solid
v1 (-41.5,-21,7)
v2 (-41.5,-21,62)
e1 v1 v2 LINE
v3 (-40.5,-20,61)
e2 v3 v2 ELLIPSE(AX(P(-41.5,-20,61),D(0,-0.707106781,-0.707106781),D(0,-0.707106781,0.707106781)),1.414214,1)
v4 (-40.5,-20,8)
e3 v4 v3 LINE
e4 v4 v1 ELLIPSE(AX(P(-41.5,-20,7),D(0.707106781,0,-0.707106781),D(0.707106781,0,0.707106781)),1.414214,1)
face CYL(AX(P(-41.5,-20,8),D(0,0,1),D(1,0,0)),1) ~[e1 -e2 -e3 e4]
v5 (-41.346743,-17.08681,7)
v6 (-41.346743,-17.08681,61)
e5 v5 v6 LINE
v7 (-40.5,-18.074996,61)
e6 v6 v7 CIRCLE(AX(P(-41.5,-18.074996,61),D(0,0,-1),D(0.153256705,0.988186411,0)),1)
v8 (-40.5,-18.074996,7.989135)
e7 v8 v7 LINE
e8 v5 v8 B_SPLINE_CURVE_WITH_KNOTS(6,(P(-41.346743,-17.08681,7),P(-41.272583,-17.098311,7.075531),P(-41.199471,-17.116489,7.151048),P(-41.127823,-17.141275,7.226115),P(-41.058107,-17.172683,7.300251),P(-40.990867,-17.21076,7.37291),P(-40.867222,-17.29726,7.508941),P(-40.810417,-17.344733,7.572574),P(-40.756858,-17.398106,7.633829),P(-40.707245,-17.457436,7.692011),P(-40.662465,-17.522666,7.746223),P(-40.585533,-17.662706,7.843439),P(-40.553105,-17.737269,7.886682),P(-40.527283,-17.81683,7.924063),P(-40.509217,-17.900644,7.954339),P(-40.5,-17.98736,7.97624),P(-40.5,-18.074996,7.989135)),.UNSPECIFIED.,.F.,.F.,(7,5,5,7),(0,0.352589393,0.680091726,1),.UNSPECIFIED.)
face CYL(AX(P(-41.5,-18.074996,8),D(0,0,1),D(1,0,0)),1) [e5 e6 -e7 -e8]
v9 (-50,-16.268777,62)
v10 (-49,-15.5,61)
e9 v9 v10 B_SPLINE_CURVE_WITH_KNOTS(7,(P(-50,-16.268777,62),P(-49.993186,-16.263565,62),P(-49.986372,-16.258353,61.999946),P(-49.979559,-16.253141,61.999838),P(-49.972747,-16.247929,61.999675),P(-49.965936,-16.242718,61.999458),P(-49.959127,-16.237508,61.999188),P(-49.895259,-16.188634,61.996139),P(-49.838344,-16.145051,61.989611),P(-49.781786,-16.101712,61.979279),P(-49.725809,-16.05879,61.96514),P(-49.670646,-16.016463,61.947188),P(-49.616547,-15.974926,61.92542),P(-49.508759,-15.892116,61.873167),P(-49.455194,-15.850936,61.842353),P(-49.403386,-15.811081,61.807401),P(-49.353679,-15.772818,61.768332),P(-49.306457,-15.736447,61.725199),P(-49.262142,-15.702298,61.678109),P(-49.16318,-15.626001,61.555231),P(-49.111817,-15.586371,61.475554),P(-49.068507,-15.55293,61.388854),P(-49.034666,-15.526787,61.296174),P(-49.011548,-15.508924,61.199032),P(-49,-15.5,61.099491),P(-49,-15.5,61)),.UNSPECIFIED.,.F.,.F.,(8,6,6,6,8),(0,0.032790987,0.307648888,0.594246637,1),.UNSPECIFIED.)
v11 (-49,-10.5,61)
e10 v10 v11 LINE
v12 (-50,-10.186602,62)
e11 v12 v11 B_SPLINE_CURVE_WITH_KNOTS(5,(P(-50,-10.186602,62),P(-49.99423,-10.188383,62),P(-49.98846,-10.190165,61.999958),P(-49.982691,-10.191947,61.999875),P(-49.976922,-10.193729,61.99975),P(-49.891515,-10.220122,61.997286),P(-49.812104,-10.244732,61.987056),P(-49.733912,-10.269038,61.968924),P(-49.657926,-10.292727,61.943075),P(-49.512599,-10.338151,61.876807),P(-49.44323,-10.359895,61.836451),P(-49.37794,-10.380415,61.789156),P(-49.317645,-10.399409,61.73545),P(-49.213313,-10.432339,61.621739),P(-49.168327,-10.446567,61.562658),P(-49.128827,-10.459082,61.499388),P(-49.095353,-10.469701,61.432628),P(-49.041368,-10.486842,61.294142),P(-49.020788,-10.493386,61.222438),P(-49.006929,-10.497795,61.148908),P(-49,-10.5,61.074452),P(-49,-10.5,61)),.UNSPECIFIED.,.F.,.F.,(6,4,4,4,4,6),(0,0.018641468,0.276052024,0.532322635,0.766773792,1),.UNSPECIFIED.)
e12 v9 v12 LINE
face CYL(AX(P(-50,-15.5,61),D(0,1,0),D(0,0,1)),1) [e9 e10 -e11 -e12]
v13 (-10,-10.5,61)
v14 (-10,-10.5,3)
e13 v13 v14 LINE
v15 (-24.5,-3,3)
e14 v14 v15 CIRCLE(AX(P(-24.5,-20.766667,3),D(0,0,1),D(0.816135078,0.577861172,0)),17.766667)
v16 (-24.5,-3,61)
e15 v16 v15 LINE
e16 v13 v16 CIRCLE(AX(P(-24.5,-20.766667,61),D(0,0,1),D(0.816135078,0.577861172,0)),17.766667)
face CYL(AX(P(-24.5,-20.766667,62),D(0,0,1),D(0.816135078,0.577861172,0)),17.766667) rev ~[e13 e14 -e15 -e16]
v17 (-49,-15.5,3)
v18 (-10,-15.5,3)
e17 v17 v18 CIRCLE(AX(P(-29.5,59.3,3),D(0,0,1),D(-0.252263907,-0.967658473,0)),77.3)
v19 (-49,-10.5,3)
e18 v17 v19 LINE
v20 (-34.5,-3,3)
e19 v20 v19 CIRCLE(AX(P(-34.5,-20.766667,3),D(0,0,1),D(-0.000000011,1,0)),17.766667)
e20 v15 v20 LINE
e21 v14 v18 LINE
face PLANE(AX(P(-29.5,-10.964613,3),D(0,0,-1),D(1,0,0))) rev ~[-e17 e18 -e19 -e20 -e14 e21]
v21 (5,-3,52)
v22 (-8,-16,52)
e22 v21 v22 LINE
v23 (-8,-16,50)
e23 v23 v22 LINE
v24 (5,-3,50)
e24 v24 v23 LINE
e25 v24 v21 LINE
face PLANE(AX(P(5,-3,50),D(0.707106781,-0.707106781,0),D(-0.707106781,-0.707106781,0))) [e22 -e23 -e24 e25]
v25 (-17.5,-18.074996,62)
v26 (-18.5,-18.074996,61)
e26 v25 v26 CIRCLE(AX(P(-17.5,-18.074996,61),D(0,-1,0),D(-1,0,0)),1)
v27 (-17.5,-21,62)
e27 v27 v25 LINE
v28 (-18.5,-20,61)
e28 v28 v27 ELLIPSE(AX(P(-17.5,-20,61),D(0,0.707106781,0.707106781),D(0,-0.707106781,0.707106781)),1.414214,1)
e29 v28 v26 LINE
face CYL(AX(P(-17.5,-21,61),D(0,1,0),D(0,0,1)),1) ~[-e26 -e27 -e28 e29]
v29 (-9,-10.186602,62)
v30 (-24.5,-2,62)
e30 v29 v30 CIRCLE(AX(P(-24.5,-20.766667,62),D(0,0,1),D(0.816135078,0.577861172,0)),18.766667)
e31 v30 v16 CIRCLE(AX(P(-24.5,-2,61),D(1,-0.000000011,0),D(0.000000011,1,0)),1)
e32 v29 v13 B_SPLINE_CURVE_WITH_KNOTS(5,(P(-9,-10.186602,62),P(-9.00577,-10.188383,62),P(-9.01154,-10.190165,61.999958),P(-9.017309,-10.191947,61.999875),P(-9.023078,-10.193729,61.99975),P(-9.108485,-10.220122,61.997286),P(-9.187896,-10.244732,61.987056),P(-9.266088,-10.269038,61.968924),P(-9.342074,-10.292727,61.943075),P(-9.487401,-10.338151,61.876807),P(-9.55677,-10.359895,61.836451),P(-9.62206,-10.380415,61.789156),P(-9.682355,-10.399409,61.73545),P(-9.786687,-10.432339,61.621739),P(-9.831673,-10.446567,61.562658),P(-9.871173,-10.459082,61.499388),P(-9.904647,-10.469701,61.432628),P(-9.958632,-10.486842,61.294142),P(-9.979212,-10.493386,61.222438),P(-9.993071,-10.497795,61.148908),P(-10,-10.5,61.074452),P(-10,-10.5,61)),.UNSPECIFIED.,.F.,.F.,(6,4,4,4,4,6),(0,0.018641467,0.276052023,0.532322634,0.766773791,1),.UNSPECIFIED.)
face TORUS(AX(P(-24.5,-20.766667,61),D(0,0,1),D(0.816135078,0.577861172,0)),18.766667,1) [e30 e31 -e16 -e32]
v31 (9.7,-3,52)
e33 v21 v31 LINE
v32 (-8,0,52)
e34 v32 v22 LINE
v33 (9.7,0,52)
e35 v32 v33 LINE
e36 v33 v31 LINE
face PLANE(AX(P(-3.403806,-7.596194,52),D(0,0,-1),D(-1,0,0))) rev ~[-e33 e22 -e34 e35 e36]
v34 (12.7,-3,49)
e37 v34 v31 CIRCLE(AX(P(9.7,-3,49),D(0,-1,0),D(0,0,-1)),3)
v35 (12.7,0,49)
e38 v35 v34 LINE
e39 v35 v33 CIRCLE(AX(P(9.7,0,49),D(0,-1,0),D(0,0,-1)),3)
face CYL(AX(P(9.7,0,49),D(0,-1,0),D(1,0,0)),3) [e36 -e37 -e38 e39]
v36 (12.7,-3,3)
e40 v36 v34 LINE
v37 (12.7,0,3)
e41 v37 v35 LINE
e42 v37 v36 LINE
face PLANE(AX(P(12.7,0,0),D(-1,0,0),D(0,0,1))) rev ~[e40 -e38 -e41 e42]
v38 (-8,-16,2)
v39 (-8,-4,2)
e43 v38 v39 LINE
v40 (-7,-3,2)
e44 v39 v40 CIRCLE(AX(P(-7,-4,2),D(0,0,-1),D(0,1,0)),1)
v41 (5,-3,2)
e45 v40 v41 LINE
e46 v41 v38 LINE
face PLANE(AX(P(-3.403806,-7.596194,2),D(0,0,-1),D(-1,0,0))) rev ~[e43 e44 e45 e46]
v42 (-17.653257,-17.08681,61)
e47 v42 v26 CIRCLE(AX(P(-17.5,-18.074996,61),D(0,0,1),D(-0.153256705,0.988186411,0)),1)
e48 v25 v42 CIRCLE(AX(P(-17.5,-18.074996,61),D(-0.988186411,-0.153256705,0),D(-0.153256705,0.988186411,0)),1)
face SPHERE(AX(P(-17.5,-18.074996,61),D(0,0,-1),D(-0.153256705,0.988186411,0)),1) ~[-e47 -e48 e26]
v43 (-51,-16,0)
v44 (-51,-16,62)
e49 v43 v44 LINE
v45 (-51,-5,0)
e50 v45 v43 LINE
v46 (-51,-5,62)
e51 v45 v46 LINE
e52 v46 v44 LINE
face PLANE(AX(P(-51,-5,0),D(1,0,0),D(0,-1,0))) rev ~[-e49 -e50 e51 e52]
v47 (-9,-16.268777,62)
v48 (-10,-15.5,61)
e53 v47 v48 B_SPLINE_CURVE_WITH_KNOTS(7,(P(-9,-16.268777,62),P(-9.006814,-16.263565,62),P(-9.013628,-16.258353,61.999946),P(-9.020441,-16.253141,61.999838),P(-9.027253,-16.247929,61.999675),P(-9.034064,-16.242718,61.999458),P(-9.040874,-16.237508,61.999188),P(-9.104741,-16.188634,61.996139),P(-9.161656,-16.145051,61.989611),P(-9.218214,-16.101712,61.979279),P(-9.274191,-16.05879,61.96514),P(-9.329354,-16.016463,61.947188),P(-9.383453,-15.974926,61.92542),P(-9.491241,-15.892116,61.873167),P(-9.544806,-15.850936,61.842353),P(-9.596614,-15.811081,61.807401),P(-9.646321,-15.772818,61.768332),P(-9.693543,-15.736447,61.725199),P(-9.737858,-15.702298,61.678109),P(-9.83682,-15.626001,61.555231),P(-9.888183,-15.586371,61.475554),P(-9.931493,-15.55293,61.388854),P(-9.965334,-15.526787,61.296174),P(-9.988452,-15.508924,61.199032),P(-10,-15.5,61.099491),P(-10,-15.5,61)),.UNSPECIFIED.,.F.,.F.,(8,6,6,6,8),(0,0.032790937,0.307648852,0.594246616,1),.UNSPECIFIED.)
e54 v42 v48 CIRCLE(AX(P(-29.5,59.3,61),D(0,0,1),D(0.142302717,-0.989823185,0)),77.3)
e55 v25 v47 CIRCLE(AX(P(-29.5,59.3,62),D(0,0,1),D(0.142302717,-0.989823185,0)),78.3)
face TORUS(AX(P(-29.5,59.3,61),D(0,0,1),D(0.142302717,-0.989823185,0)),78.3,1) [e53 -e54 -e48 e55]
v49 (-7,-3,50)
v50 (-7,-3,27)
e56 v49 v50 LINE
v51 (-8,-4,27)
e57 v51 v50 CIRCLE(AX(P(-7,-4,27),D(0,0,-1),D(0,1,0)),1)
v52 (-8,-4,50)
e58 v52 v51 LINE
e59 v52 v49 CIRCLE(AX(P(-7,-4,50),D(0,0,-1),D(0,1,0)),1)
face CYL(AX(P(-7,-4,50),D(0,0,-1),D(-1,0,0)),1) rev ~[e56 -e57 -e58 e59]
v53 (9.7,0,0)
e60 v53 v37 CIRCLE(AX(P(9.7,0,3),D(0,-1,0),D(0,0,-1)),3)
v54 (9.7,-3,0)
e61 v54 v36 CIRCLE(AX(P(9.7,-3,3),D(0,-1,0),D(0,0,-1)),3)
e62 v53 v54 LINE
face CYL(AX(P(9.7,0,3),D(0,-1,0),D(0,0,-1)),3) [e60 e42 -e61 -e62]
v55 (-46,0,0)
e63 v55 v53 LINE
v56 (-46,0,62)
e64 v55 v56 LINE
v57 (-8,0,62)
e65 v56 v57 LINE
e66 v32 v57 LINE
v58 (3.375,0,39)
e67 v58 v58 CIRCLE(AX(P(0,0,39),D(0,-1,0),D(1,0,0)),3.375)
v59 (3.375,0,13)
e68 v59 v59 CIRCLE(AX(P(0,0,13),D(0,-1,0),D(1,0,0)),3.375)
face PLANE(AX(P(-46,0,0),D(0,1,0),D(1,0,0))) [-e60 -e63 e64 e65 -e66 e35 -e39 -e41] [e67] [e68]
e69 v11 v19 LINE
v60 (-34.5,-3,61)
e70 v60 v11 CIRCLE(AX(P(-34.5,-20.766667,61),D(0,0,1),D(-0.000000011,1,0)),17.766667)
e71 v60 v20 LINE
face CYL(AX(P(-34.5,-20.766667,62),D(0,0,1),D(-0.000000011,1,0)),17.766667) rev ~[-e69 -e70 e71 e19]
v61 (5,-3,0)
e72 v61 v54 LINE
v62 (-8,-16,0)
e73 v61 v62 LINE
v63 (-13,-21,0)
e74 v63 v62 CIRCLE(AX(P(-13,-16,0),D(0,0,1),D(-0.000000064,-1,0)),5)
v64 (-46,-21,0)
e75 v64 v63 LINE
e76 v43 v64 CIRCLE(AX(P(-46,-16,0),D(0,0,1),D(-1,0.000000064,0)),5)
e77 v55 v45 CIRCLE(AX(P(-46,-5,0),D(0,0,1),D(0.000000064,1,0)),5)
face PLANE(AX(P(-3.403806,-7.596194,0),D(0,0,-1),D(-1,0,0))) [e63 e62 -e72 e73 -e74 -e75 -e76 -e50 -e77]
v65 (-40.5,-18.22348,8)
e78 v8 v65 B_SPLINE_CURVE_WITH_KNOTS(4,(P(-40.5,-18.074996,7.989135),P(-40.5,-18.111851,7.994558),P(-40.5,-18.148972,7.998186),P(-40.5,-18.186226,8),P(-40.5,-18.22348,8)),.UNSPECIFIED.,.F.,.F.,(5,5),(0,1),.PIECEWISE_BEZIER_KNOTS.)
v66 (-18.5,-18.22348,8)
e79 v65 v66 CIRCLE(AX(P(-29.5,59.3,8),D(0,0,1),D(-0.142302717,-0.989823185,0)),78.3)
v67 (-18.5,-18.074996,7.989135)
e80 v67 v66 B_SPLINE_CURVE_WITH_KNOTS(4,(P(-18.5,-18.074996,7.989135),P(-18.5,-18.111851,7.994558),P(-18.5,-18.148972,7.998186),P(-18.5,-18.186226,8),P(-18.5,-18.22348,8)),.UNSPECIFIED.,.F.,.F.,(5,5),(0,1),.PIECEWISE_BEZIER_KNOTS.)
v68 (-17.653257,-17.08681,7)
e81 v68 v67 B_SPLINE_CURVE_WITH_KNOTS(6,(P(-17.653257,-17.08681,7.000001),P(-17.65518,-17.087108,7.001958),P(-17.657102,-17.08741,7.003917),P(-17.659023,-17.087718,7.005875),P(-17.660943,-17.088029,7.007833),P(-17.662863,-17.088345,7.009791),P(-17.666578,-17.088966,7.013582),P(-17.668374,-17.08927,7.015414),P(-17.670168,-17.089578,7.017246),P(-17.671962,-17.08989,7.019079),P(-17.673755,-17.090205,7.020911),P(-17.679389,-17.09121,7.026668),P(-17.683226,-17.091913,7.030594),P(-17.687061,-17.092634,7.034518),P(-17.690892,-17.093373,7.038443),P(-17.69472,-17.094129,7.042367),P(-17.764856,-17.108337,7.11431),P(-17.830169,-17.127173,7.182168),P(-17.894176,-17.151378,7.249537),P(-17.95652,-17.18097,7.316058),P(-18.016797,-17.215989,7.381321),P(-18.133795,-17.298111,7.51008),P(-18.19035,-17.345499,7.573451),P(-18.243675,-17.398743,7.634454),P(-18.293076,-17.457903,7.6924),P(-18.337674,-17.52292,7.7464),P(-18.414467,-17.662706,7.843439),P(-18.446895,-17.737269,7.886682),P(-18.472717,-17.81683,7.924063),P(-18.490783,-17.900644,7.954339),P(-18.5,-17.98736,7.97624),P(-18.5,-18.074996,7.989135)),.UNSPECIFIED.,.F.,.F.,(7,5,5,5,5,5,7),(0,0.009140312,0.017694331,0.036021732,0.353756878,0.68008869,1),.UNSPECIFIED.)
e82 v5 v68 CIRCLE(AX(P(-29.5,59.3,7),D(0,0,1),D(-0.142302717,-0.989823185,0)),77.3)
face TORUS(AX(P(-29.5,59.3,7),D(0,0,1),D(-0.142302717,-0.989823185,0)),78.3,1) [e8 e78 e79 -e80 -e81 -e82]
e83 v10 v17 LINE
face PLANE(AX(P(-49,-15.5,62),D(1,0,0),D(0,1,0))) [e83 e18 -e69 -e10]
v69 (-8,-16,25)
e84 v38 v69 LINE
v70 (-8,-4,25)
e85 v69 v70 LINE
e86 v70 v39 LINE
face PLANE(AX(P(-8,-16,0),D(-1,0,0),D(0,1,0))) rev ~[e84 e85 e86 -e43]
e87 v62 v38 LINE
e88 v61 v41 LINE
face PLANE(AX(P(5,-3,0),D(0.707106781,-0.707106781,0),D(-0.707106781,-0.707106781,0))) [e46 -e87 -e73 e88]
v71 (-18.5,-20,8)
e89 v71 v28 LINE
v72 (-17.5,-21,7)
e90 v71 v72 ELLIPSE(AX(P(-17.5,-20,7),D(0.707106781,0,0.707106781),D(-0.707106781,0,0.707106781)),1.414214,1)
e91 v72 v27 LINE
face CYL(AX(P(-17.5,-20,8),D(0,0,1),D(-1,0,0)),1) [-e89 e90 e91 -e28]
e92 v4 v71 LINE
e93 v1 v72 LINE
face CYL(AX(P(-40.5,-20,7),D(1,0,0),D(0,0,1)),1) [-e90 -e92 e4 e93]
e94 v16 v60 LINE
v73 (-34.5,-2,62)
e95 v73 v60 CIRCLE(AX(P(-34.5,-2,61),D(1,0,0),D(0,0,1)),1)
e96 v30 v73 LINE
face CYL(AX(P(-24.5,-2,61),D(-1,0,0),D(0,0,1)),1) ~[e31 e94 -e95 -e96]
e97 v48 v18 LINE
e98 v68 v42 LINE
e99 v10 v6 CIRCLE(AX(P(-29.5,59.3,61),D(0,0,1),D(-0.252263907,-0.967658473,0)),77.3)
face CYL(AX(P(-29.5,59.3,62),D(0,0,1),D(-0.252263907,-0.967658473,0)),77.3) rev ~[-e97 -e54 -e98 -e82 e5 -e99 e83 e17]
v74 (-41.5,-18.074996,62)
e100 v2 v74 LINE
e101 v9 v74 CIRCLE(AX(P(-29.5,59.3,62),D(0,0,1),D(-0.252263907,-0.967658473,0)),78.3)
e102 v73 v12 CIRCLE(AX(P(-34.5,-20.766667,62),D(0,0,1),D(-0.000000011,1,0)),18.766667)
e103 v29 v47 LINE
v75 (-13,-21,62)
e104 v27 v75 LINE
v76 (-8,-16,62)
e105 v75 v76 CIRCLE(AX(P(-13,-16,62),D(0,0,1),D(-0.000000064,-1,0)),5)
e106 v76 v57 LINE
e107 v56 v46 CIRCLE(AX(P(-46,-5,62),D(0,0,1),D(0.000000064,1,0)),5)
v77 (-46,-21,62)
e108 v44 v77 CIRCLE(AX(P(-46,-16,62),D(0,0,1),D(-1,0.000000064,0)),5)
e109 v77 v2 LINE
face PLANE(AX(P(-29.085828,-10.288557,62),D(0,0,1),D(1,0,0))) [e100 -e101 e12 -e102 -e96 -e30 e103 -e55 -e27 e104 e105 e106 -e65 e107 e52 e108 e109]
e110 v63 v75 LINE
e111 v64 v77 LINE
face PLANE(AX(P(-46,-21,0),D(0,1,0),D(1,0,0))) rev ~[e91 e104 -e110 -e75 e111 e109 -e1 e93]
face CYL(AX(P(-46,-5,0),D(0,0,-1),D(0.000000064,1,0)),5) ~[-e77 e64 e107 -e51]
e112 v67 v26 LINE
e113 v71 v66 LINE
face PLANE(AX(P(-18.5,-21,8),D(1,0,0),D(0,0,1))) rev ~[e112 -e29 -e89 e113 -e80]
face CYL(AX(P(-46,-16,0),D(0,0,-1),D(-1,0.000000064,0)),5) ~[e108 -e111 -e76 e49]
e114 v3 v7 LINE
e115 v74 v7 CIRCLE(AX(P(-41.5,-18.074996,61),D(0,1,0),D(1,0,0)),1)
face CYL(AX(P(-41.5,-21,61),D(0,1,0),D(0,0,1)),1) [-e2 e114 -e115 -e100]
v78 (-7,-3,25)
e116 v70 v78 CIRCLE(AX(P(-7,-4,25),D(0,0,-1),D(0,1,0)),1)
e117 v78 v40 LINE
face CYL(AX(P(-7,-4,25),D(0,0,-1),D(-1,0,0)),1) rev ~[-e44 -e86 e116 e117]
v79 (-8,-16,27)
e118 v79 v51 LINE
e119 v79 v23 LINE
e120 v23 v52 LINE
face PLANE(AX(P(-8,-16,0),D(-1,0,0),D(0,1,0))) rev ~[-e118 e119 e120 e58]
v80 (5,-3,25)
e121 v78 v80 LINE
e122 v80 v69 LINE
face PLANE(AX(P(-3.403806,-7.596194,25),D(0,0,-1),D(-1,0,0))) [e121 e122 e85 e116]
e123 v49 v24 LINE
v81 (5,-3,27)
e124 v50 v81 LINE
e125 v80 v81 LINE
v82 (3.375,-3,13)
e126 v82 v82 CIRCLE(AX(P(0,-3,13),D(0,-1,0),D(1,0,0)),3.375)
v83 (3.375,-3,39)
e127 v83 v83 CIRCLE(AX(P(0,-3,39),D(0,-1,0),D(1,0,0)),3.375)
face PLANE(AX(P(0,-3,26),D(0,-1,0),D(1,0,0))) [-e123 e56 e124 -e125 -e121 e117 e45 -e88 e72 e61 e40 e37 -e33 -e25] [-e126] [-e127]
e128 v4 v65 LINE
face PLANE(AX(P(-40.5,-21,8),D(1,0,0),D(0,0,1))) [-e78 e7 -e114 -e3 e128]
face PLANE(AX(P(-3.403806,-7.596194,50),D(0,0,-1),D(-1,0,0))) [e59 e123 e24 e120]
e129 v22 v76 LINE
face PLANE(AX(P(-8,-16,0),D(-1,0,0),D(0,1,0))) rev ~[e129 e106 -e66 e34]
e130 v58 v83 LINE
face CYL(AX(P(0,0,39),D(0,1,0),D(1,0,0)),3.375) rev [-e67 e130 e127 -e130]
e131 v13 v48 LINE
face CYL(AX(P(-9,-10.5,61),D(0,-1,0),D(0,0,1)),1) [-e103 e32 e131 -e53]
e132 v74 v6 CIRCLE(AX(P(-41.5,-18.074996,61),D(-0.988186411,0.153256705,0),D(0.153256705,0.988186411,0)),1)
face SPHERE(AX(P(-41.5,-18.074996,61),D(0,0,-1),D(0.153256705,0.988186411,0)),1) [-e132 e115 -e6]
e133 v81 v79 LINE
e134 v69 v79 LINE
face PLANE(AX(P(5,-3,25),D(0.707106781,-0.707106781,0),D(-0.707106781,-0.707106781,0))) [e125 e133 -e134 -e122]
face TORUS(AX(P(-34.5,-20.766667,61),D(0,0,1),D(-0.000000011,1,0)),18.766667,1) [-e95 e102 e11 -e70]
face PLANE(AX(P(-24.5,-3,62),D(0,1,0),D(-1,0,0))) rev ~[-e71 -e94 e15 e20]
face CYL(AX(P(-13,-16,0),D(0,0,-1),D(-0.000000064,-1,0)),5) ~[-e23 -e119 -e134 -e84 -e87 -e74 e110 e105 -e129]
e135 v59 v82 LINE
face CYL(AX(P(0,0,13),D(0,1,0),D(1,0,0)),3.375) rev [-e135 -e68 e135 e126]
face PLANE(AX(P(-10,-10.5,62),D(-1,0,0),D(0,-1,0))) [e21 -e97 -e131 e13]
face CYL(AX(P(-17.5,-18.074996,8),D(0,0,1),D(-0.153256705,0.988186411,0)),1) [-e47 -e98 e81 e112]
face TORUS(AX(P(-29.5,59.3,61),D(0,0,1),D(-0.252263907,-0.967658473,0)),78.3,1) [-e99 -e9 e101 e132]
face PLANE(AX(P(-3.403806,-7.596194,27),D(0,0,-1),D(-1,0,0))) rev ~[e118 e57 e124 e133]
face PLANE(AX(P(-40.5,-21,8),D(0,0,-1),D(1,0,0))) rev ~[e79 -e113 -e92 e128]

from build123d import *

# Parameters (mm, degrees)
SKETCH_W            = 25.4
SKETCH_H            = 52
SKETCH_R            = 3.375
PAD_DEPTH           = 3
PAD001_DEPTH        = 62
POCKET_DEPTH        = 59
SKETCH004_W         = 22
SKETCH004_H         = 54
POCKET001_DEPTH     = 5
FILLET_R            = 3
PAD002_DEPTH        = 2
LINEARPATTERN_COUNT = 3
LINEARPATTERN_PITCH = 25
FILLET001_R         = 1


with BuildPart() as part:
    # Sketch → Pad (new body)
    with BuildSketch(Plane.XZ):
        with Locations((0, 26)):
            Rectangle(SKETCH_W, SKETCH_H)
        with Locations((0, 39)):
            Circle(SKETCH_R, mode=Mode.SUBTRACT)
        with Locations((0, 13)):
            Circle(SKETCH_R, mode=Mode.SUBTRACT)
    extrude(amount=PAD_DEPTH)

    # Sketch001 → Pad001 (join)
    with BuildSketch(Plane.XY):
        with BuildLine():
            Line((-51, -5), (-51, -16))
            ThreePointArc((-51, -16), (-49.535534, -19.535534), (-46, -21))
            Line((-46, -21), (-13, -21))
            ThreePointArc((-13, -21), (-9.464466, -19.535534), (-8, -16))
            Line((-8, -16), (-8, 0))
            Line((-46, 0), (-8, 0))
            ThreePointArc((-46, 0), (-49.535534, -1.464466), (-51, -5))
        make_face()
    extrude(amount=PAD001_DEPTH)

    # Sketch003 → Pocket (cut)
    with BuildSketch(Plane(origin=(0, 0, 62), x_dir=(-1, 0, 0), z_dir=(0, 0, 1))):
        with BuildLine():
            Line((49, 15.5), (49, 10.5))
            ThreePointArc((34.5, 3), (42.662414, 4.986), (49, 10.5))
            Line((24.5, 3), (34.5, 3))
            ThreePointArc((10, 10.5), (16.337586, 4.986), (24.5, 3))
            Line((10, 10.5), (10, 15.5))
            ThreePointArc((49, 15.5), (29.5, 18), (10, 15.5))
        make_face()
    extrude(amount=-POCKET_DEPTH, mode=Mode.SUBTRACT)

    # Sketch004 (on Face11 of Pocket) → Pocket001 (cut)
    with BuildSketch(Plane.XZ.offset(21)):
        with Locations((-29.5, 35)):
            Rectangle(SKETCH004_W, SKETCH004_H)
    extrude(amount=-POCKET001_DEPTH, mode=Mode.SUBTRACT)

    # Fillet
    fillet_edges = [part.edges().sort_by_distance(p)[0] for p in [
        (12.7, -1.5, 52),
        (12.7, -1.5, 0),
    ]]
    fillet(fillet_edges, radius=FILLET_R)

    # Sketch005 → Pad002 (join)
    with BuildSketch(Plane.XY):
        Polygon((-8, -16), (-8, -3), (5, -3), align=None)
    pad002 = extrude(amount=PAD002_DEPTH)

    # LinearPattern: Pad002 ×3
    with Locations(*[(0, 0, i * LINEARPATTERN_PITCH) for i in range(1, LINEARPATTERN_COUNT)]):
        add(pad002)

    # Fillet001
    fillet001_edges = [part.edges().sort_by_distance(p)[0] for p in [
        (-8, -3, 38.5),
        (-8, -3, 13.5),
        (-18.5, -21, 35),
        (-29.5, -21, 8),
        (-40.5, -21, 35),
        (-40.5, -19.106666, 62),
        (-18.5, -19.106666, 62),
        (-40.5, -17.213332, 35),
        (-29.5, -18, 8),
        (-18.5, -17.213332, 35),
        (-14.225957, -16.475944, 62),
        (-10, -13, 62),
        (-16.337586, -4.986, 62),
        (-29.5, -3, 62),
        (-42.662414, -4.986, 62),
        (-49, -13, 62),
        (-44.774043, -16.475944, 62),
    ]]
    fillet(fillet001_edges, radius=FILLET001_R)


solid = part.part
